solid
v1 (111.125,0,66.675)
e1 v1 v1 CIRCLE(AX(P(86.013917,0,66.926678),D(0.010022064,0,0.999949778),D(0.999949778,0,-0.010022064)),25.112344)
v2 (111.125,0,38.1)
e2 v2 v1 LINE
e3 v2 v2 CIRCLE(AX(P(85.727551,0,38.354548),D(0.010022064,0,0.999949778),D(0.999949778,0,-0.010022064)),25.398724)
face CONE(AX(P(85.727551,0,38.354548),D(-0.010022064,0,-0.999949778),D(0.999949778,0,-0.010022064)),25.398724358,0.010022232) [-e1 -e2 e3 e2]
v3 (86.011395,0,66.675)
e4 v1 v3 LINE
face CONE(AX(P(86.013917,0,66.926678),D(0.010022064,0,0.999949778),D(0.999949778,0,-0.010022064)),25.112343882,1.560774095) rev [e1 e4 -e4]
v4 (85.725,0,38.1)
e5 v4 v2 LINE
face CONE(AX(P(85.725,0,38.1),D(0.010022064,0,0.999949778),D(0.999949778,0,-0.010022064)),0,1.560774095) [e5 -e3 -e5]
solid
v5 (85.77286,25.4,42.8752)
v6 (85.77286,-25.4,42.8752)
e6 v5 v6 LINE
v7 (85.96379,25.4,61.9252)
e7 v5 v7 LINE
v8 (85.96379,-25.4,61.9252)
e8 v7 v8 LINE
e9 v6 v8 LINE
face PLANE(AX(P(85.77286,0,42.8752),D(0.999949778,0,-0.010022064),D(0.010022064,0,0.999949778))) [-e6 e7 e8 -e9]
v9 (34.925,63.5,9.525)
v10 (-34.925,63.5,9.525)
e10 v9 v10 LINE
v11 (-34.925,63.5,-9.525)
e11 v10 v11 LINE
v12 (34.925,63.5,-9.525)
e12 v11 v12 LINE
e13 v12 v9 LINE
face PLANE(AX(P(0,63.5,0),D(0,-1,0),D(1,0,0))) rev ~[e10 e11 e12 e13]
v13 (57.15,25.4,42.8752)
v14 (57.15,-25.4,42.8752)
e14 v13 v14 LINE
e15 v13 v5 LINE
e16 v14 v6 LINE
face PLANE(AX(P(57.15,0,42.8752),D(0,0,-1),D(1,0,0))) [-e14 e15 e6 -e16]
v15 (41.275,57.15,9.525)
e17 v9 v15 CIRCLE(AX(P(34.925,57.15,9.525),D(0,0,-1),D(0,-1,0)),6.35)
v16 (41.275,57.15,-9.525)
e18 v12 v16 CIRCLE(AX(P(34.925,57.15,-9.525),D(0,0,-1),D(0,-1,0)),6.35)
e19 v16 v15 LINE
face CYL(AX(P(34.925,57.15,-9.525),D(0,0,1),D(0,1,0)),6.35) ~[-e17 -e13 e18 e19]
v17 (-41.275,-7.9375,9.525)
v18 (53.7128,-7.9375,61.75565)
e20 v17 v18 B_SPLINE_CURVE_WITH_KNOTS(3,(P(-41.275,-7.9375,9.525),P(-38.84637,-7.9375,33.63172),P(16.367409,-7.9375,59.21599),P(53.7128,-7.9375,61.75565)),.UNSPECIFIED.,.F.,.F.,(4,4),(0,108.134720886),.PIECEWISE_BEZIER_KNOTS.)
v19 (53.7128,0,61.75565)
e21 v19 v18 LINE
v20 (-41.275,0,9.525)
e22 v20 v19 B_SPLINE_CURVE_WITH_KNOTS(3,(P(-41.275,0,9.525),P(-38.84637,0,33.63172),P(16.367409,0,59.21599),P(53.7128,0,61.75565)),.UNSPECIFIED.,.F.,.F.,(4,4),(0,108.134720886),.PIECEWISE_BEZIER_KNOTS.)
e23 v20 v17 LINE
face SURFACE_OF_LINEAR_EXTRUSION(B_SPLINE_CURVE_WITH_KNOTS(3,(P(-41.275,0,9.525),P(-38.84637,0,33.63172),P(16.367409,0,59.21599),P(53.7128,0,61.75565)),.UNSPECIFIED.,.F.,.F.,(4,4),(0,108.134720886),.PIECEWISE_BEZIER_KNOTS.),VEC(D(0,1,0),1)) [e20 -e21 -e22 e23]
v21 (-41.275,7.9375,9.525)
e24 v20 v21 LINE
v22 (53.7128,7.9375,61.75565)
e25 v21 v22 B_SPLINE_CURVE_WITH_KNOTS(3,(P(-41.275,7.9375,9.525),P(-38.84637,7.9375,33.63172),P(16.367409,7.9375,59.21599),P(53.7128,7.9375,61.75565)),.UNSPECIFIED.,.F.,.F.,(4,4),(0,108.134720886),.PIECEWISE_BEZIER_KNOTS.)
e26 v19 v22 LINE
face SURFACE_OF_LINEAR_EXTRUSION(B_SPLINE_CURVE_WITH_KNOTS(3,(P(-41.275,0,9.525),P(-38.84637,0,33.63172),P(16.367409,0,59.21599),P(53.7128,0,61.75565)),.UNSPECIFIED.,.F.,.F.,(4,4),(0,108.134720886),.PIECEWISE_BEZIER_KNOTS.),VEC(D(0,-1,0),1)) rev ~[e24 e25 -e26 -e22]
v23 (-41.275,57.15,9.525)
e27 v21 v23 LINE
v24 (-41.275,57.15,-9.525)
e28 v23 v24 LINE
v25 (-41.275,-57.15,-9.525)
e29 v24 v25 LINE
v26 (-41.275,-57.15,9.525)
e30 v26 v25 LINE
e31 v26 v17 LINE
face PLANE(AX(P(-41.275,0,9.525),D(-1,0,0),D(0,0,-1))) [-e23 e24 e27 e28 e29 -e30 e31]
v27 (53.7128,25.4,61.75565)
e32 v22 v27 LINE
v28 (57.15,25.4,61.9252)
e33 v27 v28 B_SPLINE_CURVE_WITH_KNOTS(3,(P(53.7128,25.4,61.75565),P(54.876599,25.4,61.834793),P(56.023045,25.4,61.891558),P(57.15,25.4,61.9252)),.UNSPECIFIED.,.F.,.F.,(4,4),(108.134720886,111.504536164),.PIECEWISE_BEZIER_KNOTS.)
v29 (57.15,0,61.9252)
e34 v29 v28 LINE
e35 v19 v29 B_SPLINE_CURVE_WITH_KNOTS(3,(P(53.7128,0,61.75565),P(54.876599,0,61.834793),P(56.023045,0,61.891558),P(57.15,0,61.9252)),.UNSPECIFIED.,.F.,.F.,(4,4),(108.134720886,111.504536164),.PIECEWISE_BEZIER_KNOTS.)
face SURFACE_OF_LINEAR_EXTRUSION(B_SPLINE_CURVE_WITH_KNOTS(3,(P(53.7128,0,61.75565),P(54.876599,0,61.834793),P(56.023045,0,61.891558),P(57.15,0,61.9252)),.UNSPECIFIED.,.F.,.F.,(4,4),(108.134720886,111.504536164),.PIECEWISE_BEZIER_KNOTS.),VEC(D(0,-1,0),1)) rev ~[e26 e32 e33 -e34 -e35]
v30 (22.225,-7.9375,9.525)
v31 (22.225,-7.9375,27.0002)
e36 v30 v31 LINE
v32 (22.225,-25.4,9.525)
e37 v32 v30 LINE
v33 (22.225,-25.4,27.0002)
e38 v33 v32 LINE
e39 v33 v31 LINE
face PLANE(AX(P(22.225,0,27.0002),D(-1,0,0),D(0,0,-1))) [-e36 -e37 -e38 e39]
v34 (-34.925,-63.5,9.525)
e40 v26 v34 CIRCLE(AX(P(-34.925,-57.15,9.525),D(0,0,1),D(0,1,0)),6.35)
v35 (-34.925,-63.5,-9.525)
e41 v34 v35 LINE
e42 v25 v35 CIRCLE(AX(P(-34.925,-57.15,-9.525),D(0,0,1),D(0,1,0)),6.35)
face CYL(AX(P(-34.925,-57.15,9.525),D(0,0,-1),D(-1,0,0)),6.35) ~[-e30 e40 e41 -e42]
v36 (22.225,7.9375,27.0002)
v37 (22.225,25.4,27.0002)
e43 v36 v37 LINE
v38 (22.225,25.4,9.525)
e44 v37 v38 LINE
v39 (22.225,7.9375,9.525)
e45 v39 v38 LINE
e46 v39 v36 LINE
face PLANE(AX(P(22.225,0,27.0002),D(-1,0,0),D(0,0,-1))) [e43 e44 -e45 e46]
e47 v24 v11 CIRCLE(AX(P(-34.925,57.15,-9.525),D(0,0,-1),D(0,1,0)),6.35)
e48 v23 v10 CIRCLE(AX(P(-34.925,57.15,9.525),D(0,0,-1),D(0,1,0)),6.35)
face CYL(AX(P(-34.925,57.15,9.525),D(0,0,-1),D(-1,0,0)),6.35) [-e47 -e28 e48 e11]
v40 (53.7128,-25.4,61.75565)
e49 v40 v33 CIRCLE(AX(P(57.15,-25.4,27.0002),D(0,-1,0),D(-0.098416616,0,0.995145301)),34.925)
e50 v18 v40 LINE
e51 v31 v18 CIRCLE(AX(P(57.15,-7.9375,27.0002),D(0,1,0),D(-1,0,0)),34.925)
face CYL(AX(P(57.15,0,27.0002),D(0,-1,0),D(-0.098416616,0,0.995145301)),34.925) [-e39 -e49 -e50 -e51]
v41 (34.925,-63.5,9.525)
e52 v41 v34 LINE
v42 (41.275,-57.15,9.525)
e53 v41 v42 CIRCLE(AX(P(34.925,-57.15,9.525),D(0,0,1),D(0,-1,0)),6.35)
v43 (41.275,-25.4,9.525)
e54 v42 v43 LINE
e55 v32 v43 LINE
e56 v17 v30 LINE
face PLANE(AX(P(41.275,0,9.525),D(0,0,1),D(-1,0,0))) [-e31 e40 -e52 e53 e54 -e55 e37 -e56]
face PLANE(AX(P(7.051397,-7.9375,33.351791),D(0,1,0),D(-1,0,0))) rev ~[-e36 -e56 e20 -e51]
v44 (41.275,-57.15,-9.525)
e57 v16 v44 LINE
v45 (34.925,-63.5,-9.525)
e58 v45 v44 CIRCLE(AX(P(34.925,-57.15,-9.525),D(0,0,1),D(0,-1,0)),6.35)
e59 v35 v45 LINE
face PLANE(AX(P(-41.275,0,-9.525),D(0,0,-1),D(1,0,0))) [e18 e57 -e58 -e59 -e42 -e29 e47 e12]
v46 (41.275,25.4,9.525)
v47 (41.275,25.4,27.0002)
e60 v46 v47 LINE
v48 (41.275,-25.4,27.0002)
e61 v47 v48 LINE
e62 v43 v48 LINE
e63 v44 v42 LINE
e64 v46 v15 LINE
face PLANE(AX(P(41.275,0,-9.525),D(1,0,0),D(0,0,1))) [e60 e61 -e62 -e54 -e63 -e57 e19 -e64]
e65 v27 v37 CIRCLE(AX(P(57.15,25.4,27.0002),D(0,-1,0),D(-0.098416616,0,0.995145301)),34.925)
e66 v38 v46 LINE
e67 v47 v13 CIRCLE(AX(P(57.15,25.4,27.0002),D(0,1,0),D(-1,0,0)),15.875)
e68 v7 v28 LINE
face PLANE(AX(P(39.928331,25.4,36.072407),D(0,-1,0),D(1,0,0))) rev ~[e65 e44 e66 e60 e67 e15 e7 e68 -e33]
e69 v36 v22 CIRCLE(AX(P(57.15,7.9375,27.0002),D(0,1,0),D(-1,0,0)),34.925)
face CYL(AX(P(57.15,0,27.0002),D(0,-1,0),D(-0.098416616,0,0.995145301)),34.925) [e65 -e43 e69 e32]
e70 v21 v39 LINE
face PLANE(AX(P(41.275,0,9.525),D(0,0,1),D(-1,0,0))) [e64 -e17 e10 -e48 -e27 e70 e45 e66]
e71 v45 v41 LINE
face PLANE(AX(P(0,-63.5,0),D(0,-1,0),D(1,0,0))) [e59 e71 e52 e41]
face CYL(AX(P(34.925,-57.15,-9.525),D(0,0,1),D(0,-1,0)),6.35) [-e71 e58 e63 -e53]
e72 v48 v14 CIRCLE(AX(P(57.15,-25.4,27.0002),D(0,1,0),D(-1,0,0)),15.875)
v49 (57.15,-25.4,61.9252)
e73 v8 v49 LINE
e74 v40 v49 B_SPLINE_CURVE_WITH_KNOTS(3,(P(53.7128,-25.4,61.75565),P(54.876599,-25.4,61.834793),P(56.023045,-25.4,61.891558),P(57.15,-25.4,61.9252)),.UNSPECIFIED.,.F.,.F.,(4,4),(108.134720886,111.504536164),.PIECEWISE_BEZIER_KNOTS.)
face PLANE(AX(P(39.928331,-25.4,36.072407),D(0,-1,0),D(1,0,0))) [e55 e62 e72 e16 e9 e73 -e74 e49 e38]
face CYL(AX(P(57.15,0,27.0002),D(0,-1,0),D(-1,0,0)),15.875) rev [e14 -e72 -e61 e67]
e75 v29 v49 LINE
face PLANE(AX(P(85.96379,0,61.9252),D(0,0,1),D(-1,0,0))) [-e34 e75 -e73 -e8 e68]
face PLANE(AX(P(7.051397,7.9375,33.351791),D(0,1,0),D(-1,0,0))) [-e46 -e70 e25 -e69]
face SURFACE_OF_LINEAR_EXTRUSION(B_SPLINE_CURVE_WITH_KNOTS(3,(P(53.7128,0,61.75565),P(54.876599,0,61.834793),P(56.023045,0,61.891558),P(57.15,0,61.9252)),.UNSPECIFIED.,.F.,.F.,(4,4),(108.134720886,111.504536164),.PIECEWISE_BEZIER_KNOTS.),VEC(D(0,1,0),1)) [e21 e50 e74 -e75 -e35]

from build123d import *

# Parameters (mm, degrees)
F1_DEPTH = 63.5
F2_DEPTH = 25.4
F3_DEPTH = 7.9375
F5_R     = 6.35


with BuildPart() as f1:
    # F0 (on Front) → F1 (new body, symmetric)
    with BuildSketch(Plane.XZ):
        Polygon((-41.275, 9.525), (-41.275, -9.525), (41.275, -9.525), (41.275, 9.525), (22.225, 9.525), align=None)
    extrude(amount=F1_DEPTH, both=True)

    # F0 (on Front) → F2 (join, symmetric)
    with BuildSketch(Plane.XZ):
        with BuildLine():
            Line((22.225, 9.525), (41.275, 9.525))
            Line((41.275, 9.525), (41.275, 27.0002))
            ThreePointArc((41.275, 27.0002), (45.9246798487, 38.2255201513), (57.15, 42.8752))
            Line((57.15, 42.8752), (60.325, 42.8752))
            Line((60.325, 42.8752), (60.325, 61.9252))
            Line((60.325, 61.9252), (57.15, 61.9252))
            add(Edge.make_bspline(
                [(53.7127996904, 61.7556496307), (54.8765985811, 61.8347933422), (56.0230447647, 61.8915575095), (57.15, 61.9252)],
                knots=[108.134720886, 108.134720886, 108.134720886, 108.134720886, 111.5045361635, 111.5045361635, 111.5045361635, 111.5045361635], degree=3))
            ThreePointArc((53.7127996904, 61.7556496307), (31.2675750188, 50.4492021556), (22.225, 27.0002))
            Line((22.225, 27.0002), (22.225, 9.525))
        make_face()
        Polygon((85.9637896686, 61.9252), (60.325, 61.9252), (60.325, 42.8752), (85.772859763, 42.8752), align=None)
    extrude(amount=F2_DEPTH, both=True)

    # F0 (on Front) → F3 (join, symmetric)
    with BuildSketch(Plane.XZ):
        with BuildLine():
            add(Edge.make_bspline(
                [(-41.275, 9.525), (-38.8463697033, 33.6317201316), (16.3674089648, 59.2159901983), (53.7127996904, 61.7556496307)],
                knots=[0, 0, 0, 0, 108.134720886, 108.134720886, 108.134720886, 108.134720886], degree=3))
            Line((-41.275, 9.525), (22.225, 9.525))
            Line((22.225, 9.525), (22.225, 27.0002))
            ThreePointArc((22.225, 27.0002), (31.2675750188, 50.4492021556), (53.7127996904, 61.7556496307))
        make_face()
    extrude(amount=F3_DEPTH, both=True)

    # F5
    f5_edges = [f1.edges().sort_by_distance(p)[0] for p in [
        (-41.275, -63.5, 0),
        (41.275, -63.5, 0),
        (41.275, 63.5, 0),
        (-41.275, 63.5, 0),
    ]]
    fillet(f5_edges, radius=F5_R)


with BuildPart() as f4:
    # F0 (on Front) → F4 (revolve)
    with BuildSketch(Plane.XZ):
        Polygon((86.0113948584, 66.675), (85.9637896686, 61.9252), (85.772859763, 42.8752), (85.725, 38.1), (111.125, 38.1), (111.125, 66.675), align=None)
    revolve(axis=Axis((85.8681974292, 0, 52.3875), (0.0100220639, 0, 0.9999497779)))


solid = Compound([f1.part, f4.part])
